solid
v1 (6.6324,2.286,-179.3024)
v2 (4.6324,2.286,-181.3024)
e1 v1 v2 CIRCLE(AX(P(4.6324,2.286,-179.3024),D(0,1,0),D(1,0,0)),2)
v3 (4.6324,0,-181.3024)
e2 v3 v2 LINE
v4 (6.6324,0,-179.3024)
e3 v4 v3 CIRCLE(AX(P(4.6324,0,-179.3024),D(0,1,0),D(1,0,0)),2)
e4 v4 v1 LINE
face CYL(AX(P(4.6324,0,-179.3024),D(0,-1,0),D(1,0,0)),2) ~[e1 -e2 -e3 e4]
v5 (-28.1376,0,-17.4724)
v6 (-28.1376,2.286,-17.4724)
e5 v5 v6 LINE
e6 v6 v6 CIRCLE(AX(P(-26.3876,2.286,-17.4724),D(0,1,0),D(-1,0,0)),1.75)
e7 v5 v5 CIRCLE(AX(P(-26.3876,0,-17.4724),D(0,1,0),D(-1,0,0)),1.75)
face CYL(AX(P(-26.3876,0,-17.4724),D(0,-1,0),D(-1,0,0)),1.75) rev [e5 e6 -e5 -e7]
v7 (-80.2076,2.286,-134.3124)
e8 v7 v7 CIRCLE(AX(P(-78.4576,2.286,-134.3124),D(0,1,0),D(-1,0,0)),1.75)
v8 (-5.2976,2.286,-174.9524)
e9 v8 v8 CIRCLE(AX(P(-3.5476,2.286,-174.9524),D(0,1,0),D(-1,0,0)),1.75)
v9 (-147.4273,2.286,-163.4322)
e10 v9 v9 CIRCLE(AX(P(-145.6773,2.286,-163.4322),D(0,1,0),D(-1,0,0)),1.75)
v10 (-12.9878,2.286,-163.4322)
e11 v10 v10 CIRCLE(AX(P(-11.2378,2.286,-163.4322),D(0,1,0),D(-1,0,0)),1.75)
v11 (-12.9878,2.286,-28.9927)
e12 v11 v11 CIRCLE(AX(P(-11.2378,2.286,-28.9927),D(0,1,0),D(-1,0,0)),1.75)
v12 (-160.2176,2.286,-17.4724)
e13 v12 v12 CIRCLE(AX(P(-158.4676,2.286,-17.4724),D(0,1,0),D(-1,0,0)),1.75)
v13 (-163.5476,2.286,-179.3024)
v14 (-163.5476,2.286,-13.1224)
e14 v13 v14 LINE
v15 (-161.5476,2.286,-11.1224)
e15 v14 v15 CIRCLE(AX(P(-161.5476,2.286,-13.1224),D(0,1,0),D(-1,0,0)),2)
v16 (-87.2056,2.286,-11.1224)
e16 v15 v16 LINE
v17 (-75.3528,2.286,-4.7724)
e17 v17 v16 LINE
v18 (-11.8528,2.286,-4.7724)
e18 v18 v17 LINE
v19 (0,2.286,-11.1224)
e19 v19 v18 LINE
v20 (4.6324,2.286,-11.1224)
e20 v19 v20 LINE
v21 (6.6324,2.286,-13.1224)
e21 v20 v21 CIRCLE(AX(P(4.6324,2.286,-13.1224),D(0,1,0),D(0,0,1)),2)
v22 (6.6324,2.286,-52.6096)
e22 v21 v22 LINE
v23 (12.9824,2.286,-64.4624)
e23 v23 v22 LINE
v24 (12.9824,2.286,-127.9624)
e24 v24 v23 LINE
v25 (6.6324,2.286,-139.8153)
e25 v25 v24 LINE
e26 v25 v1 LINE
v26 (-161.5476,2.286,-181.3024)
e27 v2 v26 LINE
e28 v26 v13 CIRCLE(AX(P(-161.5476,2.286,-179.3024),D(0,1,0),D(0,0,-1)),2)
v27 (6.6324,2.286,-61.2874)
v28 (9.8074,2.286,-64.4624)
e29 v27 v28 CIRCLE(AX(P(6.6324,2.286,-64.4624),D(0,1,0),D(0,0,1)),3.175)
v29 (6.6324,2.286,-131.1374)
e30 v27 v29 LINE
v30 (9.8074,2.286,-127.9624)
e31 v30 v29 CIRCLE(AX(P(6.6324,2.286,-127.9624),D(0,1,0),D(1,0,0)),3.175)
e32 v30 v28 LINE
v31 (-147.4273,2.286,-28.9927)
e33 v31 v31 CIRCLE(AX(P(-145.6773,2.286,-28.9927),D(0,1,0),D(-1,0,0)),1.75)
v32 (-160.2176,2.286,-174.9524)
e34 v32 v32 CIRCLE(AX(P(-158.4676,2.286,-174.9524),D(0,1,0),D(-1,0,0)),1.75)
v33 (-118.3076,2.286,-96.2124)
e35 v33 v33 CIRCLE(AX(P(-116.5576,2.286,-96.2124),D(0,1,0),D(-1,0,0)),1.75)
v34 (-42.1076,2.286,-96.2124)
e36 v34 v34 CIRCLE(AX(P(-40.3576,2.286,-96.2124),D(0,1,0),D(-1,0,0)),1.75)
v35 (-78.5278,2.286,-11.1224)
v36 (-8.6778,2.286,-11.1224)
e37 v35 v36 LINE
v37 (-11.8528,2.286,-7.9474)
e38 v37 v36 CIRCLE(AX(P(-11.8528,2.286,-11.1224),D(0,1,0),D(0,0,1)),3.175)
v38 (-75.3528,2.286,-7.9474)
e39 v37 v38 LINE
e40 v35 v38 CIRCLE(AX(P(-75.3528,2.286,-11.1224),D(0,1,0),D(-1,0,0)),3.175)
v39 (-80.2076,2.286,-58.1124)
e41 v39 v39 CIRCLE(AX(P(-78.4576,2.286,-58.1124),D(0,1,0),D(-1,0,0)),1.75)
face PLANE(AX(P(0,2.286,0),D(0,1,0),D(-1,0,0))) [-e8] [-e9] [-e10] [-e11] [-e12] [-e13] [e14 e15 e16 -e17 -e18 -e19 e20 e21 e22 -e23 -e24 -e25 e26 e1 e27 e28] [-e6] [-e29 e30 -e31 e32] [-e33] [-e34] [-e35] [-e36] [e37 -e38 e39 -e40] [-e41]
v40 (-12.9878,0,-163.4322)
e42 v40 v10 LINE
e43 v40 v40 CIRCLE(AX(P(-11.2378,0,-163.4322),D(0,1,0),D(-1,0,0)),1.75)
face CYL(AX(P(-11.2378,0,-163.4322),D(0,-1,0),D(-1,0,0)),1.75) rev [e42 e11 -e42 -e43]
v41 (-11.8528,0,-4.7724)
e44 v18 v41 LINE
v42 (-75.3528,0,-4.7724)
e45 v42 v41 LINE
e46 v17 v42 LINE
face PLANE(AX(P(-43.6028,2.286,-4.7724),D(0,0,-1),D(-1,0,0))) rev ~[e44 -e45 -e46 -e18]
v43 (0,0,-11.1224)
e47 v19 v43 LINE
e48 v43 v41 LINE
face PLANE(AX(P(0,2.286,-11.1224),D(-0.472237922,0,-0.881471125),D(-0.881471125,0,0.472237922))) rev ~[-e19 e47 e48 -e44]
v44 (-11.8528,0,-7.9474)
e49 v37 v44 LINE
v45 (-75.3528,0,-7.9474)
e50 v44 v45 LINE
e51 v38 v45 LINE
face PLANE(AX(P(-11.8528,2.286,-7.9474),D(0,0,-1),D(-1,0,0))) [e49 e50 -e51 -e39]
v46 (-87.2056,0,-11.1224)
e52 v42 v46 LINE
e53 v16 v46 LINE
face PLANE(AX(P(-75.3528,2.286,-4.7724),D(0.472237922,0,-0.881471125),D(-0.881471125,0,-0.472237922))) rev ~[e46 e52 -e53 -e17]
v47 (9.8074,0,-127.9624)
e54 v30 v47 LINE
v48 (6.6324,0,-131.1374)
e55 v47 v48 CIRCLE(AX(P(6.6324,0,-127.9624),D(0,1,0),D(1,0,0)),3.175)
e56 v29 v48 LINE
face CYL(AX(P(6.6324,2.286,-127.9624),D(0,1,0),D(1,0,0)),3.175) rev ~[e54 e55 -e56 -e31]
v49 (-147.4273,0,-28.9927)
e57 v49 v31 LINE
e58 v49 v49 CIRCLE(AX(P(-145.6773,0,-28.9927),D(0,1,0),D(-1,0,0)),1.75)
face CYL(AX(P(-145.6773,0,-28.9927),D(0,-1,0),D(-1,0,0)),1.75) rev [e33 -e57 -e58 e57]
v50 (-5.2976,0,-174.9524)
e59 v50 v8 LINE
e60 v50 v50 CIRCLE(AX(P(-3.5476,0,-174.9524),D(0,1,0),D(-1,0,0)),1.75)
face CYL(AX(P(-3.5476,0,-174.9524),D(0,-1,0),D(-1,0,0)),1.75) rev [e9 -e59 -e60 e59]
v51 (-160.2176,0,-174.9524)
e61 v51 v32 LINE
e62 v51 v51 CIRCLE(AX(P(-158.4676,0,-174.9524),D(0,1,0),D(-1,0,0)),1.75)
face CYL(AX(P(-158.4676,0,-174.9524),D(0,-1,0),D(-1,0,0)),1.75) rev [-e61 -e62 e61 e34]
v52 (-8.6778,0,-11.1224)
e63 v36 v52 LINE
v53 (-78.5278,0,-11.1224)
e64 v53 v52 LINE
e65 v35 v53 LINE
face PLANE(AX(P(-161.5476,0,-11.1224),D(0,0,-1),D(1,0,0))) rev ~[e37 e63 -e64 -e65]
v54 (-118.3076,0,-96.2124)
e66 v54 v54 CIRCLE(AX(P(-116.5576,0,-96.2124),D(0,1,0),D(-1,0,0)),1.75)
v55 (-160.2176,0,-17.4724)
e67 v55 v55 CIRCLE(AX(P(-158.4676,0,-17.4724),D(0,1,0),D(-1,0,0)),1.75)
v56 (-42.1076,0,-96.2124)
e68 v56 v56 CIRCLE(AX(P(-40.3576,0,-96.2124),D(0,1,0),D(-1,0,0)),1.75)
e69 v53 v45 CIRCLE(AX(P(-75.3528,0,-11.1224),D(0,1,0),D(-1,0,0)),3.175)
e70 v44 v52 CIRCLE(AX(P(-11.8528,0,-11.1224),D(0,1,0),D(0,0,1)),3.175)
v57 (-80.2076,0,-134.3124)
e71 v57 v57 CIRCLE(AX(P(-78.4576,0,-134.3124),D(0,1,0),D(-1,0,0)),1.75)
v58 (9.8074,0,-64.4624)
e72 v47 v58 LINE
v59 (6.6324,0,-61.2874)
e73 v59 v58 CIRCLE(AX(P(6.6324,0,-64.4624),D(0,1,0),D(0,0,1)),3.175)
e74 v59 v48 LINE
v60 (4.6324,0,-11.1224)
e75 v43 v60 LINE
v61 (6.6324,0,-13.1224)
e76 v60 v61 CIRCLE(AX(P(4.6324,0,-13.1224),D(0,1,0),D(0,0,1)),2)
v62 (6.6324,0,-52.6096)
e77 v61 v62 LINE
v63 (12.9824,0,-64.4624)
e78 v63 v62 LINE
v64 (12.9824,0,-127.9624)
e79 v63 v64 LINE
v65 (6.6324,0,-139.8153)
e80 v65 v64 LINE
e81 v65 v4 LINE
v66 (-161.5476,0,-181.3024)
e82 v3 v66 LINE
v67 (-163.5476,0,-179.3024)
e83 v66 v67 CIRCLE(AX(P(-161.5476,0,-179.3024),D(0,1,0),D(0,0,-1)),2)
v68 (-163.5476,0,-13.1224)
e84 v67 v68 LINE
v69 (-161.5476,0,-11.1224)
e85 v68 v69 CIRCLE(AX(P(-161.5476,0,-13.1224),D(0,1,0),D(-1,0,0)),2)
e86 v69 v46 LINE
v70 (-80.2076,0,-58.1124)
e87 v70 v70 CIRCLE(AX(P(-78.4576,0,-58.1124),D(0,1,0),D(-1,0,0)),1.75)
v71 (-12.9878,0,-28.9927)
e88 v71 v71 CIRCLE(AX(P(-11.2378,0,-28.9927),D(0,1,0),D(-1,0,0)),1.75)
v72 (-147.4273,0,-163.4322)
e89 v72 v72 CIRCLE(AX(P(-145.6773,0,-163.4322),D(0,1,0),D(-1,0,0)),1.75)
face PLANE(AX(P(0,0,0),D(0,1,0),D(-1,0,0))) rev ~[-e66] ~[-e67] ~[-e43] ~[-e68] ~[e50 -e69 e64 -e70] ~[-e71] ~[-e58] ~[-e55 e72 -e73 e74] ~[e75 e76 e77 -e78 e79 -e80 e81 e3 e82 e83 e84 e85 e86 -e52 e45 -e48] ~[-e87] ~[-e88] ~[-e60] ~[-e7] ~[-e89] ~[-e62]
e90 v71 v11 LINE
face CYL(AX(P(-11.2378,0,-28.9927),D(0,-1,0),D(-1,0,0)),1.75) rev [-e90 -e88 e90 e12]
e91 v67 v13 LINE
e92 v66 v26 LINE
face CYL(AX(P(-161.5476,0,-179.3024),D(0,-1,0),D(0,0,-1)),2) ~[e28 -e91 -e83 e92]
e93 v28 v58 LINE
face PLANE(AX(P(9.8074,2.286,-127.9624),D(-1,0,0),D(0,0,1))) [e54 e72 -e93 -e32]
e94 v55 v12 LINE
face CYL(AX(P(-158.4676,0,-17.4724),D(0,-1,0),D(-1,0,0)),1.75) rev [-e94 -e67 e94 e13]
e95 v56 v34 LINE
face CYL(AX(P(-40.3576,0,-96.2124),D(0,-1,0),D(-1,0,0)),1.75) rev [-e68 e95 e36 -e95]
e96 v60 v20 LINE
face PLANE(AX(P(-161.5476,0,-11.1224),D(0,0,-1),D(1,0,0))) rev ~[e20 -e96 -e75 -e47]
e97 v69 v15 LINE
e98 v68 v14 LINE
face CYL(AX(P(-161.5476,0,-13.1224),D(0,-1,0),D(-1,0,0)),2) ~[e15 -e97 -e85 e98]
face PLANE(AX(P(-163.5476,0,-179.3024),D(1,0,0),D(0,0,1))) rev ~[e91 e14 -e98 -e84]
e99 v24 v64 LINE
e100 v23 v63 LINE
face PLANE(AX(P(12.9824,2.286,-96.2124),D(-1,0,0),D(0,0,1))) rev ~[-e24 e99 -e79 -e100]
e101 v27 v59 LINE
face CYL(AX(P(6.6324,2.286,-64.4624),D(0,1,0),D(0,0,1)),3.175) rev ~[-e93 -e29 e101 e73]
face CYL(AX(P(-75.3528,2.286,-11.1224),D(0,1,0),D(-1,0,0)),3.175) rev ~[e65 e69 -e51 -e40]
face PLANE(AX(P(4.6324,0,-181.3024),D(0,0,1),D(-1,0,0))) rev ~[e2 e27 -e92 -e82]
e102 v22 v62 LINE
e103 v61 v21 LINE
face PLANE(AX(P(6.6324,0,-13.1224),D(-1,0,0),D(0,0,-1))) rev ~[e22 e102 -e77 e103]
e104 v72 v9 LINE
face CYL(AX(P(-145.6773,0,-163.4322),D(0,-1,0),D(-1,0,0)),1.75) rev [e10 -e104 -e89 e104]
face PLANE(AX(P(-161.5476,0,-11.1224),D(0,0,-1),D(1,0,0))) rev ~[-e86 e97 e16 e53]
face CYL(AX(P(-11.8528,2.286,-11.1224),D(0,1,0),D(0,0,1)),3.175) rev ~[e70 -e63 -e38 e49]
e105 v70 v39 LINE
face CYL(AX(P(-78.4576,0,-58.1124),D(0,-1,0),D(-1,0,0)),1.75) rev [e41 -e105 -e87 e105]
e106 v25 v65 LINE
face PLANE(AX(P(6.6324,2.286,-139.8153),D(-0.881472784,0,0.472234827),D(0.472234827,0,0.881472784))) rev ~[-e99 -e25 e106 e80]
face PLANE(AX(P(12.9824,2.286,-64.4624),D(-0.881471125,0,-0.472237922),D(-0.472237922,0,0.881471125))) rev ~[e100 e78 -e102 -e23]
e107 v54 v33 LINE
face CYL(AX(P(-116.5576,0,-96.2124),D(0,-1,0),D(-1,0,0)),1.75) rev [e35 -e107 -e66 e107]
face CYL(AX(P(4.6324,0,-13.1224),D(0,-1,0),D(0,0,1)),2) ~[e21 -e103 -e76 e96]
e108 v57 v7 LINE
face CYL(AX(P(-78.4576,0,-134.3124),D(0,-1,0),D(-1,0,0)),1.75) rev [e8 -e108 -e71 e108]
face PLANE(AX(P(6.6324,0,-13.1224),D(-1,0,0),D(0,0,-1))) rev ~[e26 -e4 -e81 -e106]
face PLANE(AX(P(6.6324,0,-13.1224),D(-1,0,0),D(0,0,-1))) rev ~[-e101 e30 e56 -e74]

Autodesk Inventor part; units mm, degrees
ref_plane "YZ Plane" through (0, 0, 0) normal (1, 0, 0) x (0, 1, 0)
ref_plane "XZ Plane" through (0, 0, 0) normal (0, 1, 0) x (-1, 0, 0)
ref_plane "XY Plane" through (0, 0, 0) normal (0, 0, 1) x (1, 0, 0)
sketch "Sketch1" plane through (0, 0, 0) normal (0, 1, 0) x (-1, 0, 0)
  circle A0 centre (158.4676, -17.4724) radius 1.75
  circle A1 centre (158.4676, -174.9524) radius 1.75
  circle A2 centre (3.5476, -174.9524) radius 1.75
  circle A3 centre (26.3876, -17.4724) radius 1.75
  line L0 (-6.6324, -13.1224) -> (-6.6324, -179.3024)
  line L1 (-4.6324, -181.3024) -> (161.5476, -181.3024)
  line L2 (163.5476, -179.3024) -> (163.5476, -13.1224)
  line L3 (161.5476, -11.1224) -> (-4.6324, -11.1224)
  arc A4 (-4.6324, -11.1224) -> (-6.6324, -13.1224) centre (-4.6324, -13.1224) ccw
  arc A5 (-4.6324, -11.1224) -> (-6.6324, -13.1224) centre (-4.6324, -13.1224) ccw
  arc A6 (163.5476, -13.1224) -> (161.5476, -11.1224) centre (161.5476, -13.1224) ccw
  arc A7 (163.5476, -13.1224) -> (161.5476, -11.1224) centre (161.5476, -13.1224) ccw
  arc A8 (161.5476, -181.3024) -> (163.5476, -179.3024) centre (161.5476, -179.3024) ccw
  arc A9 (161.5476, -181.3024) -> (163.5476, -179.3024) centre (161.5476, -179.3024) ccw
  arc A10 (-6.6324, -179.3024) -> (-4.6324, -181.3024) centre (-4.6324, -179.3024) ccw
  arc A11 (-6.6324, -179.3024) -> (-4.6324, -181.3024) centre (-4.6324, -179.3024) ccw
  circle A12 centre (78.4576, -58.1124) radius 1.75
  circle A13 centre (116.5576, -96.2124) radius 1.75
  circle A14 centre (78.4576, -134.3124) radius 1.75
  circle A15 centre (40.3576, -96.2124) radius 1.75
  line L4 (154.6576, -20.0124) -> (167.3576, -20.0124) construction
  line L5 (2.2576, -20.0124) -> (14.9576, -20.0124) construction
  circle A16 centre (145.6773, -28.9927) radius 1.75
  circle A17 centre (11.2378, -28.9927) radius 1.75
  circle A18 centre (11.2378, -163.4322) radius 1.75
  circle A19 centre (145.6773, -163.4322) radius 1.75
  point P0 (0, 0)
  dimension "d1" = 3.5
  dimension "d2" = 3.5
  dimension "d3" = 3.5
  dimension "d18" = 3.5
  dimension "d19" = 3.5
  dimension "d21" = 3.5
  dimension "d28" = 3.5
  dimension "d30" = 3.5
  dimension "d31" = 3.5
extrude "Extrusion2" add sketch "Sketch1" along normal blind 2.286
sketch "Sketch3" plane through (0, 2.286, 0) normal (0, 1, 0) x (1, 0, 0)
  line L0 (12.9824, 96.2124) -> (12.9824, 127.9624)
  line L1 (12.9824, 96.2124) -> (12.9824, 64.4624)
  line L2 (12.9824, 64.4624) -> (6.6324, 52.6096)
  line L3 (6.6324, 139.8153) -> (12.9824, 127.9624)
  arc A0 (9.8074, 127.9624) -> (6.6324, 131.1374) centre (6.6324, 127.9624) ccw
  arc A1 (6.6324, 61.2874) -> (9.8074, 64.4624) centre (6.6324, 64.4624) ccw
  line L4 (9.8074, 127.9624) -> (9.8074, 64.4624)
  line L5 (6.6324, 52.6096) -> (6.6324, 61.2874)
  line L6 (6.6324, 131.1374) -> (6.6324, 139.8153)
  line L7 (6.6324, 139.8153) -> (6.6324, 131.1374)
  line L8 (6.6324, 61.2874) -> (6.6324, 52.6096)
  line L9 (-43.6028, 4.7724) -> (-11.8528, 4.7724)
  line L10 (-43.6028, 4.7724) -> (-75.3528, 4.7724)
  line L11 (-75.3528, 4.7724) -> (-87.2056, 11.1224)
  line L12 (0, 11.1224) -> (-11.8528, 4.7724)
  arc A2 (-11.8528, 7.9474) -> (-8.6778, 11.1224) centre (-11.8528, 11.1224) ccw
  arc A3 (-78.5278, 11.1224) -> (-75.3528, 7.9474) centre (-75.3528, 11.1224) ccw
  line L13 (-11.8528, 7.9474) -> (-75.3528, 7.9474)
  line L14 (-8.6778, 11.1224) -> (0, 11.1224)
  line L15 (-78.5278, 11.1224) -> (-87.2056, 11.1224)
  point P0 (0, 0)
  point P1 (6.6324, 13.1224)
  point P2 (6.6324, 179.3024)
  point P3 (-161.5476, 11.1224)
extrude "Extrusion5" add sketch "Sketch3" against normal blind 2.286
properties part number "SecondLayer"
